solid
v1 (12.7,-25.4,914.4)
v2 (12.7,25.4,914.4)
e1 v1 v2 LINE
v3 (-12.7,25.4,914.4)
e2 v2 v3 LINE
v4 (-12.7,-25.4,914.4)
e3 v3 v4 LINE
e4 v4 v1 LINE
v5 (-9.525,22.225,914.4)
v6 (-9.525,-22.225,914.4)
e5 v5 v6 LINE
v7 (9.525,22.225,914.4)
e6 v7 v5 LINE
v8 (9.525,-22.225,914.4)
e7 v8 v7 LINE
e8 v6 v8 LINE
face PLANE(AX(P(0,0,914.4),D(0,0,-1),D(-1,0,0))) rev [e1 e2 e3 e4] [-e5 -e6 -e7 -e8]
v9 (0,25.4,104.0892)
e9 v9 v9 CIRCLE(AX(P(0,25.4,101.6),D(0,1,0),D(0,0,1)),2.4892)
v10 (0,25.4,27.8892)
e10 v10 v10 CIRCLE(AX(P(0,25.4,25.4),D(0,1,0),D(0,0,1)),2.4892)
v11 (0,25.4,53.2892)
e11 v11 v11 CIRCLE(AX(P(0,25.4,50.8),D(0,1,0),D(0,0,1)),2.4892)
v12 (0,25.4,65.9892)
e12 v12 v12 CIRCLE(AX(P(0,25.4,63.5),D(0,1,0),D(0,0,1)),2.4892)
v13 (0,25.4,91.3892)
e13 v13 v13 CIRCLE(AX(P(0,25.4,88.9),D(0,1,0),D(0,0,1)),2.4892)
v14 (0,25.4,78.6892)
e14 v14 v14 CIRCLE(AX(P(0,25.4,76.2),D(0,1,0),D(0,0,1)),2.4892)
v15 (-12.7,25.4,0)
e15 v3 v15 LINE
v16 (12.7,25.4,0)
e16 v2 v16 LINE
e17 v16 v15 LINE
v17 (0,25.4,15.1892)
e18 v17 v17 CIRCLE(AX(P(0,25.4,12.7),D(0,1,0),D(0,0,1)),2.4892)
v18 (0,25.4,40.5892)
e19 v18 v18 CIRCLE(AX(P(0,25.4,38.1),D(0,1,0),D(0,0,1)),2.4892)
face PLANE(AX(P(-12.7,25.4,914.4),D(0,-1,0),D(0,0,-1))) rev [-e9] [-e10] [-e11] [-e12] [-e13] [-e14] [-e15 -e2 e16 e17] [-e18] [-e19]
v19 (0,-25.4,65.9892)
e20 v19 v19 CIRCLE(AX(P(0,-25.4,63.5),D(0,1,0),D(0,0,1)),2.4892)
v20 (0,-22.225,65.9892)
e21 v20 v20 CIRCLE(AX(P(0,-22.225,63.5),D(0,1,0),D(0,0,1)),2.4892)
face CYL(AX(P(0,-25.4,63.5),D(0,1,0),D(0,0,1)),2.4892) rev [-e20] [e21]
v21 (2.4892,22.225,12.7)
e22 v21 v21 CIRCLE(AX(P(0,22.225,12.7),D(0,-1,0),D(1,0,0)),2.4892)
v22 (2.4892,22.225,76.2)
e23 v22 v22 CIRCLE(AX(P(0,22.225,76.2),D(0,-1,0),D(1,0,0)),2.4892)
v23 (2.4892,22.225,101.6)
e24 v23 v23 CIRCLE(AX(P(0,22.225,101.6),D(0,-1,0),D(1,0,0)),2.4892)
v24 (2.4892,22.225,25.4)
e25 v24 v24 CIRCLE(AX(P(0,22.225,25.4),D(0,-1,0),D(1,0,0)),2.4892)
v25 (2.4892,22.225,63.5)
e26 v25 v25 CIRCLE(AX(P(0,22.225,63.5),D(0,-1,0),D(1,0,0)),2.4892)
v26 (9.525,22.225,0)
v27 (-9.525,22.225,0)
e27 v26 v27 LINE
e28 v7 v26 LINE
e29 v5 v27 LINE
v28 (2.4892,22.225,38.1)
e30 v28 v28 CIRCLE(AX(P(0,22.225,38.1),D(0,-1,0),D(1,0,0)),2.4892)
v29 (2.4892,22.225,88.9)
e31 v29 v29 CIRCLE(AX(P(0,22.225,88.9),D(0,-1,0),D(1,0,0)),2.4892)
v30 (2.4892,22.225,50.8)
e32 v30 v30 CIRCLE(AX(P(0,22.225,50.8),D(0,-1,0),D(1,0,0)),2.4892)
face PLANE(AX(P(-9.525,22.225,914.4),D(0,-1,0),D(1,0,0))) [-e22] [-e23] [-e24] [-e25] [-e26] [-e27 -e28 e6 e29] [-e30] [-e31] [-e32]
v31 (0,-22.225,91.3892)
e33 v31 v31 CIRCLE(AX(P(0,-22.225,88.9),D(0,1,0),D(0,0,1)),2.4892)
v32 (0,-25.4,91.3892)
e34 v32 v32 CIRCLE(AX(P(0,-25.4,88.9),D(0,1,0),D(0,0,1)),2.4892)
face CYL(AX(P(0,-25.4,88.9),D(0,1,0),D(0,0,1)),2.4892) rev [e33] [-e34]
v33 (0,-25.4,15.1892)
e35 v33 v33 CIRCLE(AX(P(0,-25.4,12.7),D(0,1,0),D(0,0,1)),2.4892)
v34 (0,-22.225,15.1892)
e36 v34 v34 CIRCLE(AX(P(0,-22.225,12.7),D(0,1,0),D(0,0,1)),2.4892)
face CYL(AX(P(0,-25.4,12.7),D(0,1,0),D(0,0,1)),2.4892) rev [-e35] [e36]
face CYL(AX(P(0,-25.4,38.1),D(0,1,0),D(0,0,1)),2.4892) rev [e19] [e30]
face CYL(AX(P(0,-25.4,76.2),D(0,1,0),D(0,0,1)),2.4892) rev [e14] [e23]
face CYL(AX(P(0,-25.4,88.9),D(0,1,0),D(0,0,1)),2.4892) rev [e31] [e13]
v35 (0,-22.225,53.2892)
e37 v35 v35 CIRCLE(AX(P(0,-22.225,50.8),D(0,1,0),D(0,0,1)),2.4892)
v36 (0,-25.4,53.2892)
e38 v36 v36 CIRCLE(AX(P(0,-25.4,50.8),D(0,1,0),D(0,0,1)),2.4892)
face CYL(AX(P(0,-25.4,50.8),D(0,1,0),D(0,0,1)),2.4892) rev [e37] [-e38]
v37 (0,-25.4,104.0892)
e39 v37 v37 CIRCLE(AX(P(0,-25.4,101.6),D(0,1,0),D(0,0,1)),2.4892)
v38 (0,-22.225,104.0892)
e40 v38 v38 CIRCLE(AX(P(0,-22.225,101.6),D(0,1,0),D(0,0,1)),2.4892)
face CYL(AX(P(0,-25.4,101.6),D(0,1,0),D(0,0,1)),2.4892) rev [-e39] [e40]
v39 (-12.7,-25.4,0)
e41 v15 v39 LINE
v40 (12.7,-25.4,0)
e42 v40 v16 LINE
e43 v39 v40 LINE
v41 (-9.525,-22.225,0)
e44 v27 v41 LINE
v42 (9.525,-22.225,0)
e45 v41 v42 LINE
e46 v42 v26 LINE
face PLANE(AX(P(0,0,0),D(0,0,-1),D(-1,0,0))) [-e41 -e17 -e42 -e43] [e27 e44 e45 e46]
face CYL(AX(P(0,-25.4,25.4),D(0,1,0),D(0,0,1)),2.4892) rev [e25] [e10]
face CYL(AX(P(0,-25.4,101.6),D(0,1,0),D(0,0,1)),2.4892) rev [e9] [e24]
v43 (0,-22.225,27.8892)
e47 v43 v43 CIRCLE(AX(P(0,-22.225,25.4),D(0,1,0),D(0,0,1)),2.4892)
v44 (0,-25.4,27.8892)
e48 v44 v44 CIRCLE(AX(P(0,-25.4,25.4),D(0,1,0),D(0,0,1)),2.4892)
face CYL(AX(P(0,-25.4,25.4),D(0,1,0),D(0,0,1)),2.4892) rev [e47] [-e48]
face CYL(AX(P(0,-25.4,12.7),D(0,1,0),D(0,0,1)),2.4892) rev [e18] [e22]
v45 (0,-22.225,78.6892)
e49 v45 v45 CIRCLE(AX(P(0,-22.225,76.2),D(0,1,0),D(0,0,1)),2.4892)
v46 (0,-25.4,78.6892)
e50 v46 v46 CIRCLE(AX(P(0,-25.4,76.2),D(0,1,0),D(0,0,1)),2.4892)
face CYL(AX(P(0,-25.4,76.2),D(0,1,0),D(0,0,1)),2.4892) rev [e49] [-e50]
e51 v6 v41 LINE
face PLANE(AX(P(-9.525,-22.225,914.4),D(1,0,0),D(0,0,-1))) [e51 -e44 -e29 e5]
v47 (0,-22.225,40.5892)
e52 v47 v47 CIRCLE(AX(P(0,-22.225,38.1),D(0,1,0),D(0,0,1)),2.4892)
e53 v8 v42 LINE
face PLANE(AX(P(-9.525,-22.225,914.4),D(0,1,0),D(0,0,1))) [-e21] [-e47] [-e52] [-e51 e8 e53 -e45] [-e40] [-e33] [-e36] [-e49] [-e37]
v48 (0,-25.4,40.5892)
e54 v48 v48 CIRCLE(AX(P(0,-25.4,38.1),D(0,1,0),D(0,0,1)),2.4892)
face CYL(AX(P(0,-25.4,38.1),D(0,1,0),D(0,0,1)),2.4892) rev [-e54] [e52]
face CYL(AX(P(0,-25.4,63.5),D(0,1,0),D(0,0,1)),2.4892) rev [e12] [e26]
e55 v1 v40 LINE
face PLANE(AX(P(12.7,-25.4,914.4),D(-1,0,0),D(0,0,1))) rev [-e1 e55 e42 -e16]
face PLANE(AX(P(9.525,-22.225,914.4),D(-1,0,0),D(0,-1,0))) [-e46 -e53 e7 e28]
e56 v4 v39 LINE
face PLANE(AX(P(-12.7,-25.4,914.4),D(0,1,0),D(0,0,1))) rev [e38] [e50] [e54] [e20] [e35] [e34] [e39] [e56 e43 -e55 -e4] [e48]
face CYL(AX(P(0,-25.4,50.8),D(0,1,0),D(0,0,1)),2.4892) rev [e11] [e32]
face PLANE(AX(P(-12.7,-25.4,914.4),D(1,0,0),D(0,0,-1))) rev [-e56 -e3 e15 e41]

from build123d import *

# Parameters (mm, degrees)
SKETCH1_W           = 25.4
SKETCH1_H           = 50.8
SKETCH1_W_2         = 19.05
SKETCH1_H_2         = 44.45
BOSS_EXTRUDE1_DEPTH = 914.4
SKETCH2_R           = 2.4892
CUT_EXTRUDE1_DEPTH  = 916.898078391


with BuildPart() as part:
    # Sketch1 → Boss-Extrude1 (new body)
    with BuildSketch(Plane.XY):
        Rectangle(SKETCH1_W, SKETCH1_H)
        Rectangle(SKETCH1_W_2, SKETCH1_H_2, mode=Mode.SUBTRACT)
    extrude(amount=BOSS_EXTRUDE1_DEPTH)

    # Sketch2 → Cut-Extrude1 (cut, through all)
    with BuildSketch(Plane(origin=(0, 25.4, 0), x_dir=(1, 0, 0), z_dir=(0, 1, 0))):
        with Locations(Location((0, -12.7, 0), (0, 0, 270))):
            Circle(SKETCH2_R)
        with Locations(Location((0, -25.4, 0), (0, 0, 270))):
            Circle(SKETCH2_R)
        with Locations(Location((0, -38.1, 0), (0, 0, 270))):
            Circle(SKETCH2_R)
        with Locations(Location((0, -50.8, 0), (0, 0, 270))):
            Circle(SKETCH2_R)
        with Locations(Location((0, -63.5, 0), (0, 0, 270))):
            Circle(SKETCH2_R)
        with Locations(Location((0, -76.2, 0), (0, 0, 270))):
            Circle(SKETCH2_R)
        with Locations(Location((0, -88.9, 0), (0, 0, 270))):
            Circle(SKETCH2_R)
        with Locations(Location((0, -101.6, 0), (0, 0, 270))):
            Circle(SKETCH2_R)
    extrude(amount=-CUT_EXTRUDE1_DEPTH, mode=Mode.SUBTRACT)


solid = part.part
